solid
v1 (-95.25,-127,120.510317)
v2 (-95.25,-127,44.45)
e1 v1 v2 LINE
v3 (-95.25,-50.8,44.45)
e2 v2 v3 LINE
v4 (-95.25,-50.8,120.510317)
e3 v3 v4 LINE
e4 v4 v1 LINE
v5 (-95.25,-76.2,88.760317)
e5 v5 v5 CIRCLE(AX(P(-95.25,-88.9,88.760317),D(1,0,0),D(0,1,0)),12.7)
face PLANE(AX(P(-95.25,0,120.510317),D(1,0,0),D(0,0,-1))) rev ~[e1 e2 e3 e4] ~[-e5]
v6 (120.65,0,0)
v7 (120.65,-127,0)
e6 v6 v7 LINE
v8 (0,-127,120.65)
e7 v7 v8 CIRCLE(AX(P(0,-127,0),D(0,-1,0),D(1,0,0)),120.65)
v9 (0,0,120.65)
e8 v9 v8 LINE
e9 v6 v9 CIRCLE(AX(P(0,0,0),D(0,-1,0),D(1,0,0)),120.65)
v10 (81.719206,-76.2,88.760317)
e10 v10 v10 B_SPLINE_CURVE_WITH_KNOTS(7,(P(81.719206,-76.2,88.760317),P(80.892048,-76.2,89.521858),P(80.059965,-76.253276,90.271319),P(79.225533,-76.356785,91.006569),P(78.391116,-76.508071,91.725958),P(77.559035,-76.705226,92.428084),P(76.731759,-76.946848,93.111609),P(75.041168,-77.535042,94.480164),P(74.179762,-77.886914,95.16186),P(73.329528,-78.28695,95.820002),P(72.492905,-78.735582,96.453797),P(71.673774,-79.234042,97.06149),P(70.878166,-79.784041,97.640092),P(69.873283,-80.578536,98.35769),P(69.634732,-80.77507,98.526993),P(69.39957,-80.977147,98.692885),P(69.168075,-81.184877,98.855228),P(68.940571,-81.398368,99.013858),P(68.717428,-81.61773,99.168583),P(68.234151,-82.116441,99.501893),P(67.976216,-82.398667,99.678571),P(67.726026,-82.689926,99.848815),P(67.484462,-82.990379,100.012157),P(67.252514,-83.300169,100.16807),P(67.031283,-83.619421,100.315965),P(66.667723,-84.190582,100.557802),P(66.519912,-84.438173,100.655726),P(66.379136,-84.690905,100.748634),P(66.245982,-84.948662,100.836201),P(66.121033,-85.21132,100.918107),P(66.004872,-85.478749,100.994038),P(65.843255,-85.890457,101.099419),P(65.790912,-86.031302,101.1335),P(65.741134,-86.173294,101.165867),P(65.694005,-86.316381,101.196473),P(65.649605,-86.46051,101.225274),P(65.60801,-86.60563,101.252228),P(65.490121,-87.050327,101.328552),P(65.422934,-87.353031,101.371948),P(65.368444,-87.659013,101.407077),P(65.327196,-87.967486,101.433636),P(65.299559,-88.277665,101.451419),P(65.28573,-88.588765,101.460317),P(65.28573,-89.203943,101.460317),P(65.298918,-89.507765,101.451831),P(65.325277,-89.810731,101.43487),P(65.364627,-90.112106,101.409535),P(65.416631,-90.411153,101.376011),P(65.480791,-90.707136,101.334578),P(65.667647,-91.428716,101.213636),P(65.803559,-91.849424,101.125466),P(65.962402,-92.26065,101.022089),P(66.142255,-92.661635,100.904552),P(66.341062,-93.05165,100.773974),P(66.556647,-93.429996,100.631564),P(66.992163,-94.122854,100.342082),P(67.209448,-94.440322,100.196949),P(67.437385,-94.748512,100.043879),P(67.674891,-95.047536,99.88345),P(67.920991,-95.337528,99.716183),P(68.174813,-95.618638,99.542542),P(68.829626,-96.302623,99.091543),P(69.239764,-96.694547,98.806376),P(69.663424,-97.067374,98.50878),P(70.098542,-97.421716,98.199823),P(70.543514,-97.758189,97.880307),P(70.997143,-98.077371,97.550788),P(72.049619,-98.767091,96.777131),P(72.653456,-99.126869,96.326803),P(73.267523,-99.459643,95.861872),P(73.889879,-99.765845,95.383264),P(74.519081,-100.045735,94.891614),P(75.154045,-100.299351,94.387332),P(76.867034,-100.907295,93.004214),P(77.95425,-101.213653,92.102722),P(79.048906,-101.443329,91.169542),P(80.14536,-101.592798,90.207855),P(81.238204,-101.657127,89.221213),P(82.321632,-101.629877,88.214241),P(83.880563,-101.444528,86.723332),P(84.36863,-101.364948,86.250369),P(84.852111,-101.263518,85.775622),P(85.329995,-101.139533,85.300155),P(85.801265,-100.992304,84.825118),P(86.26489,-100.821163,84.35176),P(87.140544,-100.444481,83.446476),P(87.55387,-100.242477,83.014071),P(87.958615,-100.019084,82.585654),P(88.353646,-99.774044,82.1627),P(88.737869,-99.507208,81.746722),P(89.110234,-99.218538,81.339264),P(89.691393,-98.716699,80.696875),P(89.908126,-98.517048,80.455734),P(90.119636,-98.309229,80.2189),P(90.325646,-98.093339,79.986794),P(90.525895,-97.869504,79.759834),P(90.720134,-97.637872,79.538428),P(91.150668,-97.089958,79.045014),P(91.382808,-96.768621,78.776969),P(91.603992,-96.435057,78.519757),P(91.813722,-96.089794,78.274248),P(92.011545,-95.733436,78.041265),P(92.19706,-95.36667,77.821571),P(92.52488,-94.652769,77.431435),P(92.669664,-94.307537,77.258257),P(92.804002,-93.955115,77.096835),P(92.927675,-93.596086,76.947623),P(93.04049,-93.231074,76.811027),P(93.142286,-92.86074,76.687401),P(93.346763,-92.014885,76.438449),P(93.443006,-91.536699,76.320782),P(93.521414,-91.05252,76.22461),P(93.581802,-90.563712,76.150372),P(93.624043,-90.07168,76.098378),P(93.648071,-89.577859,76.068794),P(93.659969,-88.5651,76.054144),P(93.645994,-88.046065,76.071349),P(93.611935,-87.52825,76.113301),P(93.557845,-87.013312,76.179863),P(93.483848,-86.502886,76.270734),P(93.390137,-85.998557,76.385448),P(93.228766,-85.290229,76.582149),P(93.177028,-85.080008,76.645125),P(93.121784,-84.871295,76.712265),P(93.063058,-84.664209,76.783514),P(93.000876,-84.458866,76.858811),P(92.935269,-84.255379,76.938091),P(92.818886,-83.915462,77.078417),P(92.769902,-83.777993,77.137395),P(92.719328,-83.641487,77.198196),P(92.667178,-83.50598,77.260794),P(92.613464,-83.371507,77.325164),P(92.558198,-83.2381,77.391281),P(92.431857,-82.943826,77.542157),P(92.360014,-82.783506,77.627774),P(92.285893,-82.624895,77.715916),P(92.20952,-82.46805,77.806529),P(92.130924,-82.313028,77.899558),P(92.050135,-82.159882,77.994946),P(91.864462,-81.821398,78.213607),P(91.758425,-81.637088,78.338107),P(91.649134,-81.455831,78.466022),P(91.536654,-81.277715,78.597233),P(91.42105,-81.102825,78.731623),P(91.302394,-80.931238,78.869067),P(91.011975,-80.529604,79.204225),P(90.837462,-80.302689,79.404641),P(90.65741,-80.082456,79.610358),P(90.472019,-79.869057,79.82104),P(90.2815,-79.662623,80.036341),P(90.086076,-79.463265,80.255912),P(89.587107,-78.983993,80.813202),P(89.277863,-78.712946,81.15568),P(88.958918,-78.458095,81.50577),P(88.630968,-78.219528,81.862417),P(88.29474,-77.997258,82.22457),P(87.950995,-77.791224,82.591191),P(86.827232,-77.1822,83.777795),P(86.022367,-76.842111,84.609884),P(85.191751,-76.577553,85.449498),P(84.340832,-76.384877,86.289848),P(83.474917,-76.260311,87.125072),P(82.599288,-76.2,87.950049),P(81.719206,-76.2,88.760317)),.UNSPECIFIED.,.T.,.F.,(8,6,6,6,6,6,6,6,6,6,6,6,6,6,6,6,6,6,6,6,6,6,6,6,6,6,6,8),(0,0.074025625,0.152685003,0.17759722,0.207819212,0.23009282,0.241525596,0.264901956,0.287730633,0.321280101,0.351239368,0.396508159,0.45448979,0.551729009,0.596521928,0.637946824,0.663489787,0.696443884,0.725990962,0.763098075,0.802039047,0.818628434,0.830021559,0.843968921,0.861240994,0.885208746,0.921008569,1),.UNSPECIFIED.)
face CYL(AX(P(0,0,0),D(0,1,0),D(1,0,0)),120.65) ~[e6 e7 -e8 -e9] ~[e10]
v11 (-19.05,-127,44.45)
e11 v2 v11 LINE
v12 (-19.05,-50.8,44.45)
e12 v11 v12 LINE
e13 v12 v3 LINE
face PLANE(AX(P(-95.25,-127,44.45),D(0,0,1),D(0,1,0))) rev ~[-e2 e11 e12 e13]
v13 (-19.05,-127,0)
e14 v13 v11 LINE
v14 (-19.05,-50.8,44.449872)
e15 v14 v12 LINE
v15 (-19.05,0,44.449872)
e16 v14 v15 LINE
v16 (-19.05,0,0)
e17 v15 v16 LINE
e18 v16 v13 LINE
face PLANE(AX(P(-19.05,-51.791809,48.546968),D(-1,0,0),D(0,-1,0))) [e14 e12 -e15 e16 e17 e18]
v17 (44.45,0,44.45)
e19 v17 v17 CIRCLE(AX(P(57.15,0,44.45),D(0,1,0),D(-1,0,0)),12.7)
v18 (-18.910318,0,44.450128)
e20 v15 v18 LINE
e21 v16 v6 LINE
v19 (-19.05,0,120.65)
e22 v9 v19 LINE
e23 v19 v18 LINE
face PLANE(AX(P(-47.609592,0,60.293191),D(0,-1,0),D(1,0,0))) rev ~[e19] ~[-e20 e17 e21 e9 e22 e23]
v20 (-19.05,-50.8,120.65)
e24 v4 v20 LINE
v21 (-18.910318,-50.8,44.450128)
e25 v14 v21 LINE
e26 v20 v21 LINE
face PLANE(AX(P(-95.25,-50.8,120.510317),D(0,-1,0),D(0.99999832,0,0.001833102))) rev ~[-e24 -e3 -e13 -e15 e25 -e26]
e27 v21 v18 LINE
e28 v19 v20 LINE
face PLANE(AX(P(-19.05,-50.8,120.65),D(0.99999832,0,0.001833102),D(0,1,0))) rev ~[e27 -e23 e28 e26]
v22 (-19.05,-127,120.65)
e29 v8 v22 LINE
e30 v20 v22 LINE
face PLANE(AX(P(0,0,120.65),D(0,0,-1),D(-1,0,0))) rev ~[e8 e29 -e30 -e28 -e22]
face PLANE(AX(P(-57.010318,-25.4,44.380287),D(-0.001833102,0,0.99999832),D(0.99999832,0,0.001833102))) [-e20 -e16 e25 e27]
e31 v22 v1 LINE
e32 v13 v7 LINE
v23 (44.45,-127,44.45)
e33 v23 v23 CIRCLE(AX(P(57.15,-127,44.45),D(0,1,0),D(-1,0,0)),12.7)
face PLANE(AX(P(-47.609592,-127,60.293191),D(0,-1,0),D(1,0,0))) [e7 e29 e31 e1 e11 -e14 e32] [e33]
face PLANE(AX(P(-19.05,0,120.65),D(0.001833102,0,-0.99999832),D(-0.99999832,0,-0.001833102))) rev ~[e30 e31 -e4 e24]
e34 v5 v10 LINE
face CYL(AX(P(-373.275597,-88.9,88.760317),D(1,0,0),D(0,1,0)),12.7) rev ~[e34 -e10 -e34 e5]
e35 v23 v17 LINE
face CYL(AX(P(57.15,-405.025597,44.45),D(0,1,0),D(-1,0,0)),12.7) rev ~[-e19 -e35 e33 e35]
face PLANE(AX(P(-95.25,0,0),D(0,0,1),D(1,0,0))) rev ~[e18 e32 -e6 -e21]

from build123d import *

# Parameters (mm, degrees)
F1_DEPTH = 127
F3_DEPTH = 76.2
F4_W     = 76.2001280264
F4_H     = 50.8
F5_DEPTH = 76.2
F7_D     = 25.4
F9_D     = 25.4


with BuildPart() as f1:
    # F0 (on Front) → F1 (new body)
    with BuildSketch(Plane.XZ):
        Polygon((0, 0), (0, 120.65), (-19.05, 120.65), (-95.25, 120.5103173852), (-95.25, 0), (-19.05, 0), align=None)
        with BuildLine():
            ThreePointArc((120.65, 0), (85.3124331502, 85.3124331502), (0, 120.65))
            Line((0, 120.65), (0, 0))
            Line((0, 0), (120.65, 0))
        make_face()
    extrude(amount=F1_DEPTH)

    # F2 (on face) → F3 (cut)
    with BuildSketch(Plane(origin=(-95.25, 0, 0), x_dir=(0, -1, 0), z_dir=(-1, 0, 0))):
        Polygon((50.8, 44.45), (50.8, 120.5103173852), (0, 120.5103173852), (0, 0), (127, 0), (127, 44.45), align=None)
    extrude(amount=-F3_DEPTH, mode=Mode.SUBTRACT)

    # F4 (on face) → F5 (cut)
    with BuildSketch(Plane(origin=(-0.22122741, 0, 120.6845151206), x_dir=(0.9999983199, 0, 0.0018331021), z_dir=(-0.0018331021, 0, 0.9999983199))):
        with Locations((-56.9288682381, -25.4)):
            Rectangle(F4_W, F4_H)
    extrude(amount=-F5_DEPTH, mode=Mode.SUBTRACT)

    # F7 (through all)
    with Locations(Plane(origin=(-95.25, 0, 0), x_dir=(0, -1, 0), z_dir=(-1, 0, 0))):
        with Locations((88.9, 88.7603173852)):
            Hole(F7_D / 2)

    # F9 (through all)
    with Locations(Plane.XZ.offset(127)):
        with Locations((57.15, 44.45)):
            Hole(F9_D / 2)


solid = f1.part
